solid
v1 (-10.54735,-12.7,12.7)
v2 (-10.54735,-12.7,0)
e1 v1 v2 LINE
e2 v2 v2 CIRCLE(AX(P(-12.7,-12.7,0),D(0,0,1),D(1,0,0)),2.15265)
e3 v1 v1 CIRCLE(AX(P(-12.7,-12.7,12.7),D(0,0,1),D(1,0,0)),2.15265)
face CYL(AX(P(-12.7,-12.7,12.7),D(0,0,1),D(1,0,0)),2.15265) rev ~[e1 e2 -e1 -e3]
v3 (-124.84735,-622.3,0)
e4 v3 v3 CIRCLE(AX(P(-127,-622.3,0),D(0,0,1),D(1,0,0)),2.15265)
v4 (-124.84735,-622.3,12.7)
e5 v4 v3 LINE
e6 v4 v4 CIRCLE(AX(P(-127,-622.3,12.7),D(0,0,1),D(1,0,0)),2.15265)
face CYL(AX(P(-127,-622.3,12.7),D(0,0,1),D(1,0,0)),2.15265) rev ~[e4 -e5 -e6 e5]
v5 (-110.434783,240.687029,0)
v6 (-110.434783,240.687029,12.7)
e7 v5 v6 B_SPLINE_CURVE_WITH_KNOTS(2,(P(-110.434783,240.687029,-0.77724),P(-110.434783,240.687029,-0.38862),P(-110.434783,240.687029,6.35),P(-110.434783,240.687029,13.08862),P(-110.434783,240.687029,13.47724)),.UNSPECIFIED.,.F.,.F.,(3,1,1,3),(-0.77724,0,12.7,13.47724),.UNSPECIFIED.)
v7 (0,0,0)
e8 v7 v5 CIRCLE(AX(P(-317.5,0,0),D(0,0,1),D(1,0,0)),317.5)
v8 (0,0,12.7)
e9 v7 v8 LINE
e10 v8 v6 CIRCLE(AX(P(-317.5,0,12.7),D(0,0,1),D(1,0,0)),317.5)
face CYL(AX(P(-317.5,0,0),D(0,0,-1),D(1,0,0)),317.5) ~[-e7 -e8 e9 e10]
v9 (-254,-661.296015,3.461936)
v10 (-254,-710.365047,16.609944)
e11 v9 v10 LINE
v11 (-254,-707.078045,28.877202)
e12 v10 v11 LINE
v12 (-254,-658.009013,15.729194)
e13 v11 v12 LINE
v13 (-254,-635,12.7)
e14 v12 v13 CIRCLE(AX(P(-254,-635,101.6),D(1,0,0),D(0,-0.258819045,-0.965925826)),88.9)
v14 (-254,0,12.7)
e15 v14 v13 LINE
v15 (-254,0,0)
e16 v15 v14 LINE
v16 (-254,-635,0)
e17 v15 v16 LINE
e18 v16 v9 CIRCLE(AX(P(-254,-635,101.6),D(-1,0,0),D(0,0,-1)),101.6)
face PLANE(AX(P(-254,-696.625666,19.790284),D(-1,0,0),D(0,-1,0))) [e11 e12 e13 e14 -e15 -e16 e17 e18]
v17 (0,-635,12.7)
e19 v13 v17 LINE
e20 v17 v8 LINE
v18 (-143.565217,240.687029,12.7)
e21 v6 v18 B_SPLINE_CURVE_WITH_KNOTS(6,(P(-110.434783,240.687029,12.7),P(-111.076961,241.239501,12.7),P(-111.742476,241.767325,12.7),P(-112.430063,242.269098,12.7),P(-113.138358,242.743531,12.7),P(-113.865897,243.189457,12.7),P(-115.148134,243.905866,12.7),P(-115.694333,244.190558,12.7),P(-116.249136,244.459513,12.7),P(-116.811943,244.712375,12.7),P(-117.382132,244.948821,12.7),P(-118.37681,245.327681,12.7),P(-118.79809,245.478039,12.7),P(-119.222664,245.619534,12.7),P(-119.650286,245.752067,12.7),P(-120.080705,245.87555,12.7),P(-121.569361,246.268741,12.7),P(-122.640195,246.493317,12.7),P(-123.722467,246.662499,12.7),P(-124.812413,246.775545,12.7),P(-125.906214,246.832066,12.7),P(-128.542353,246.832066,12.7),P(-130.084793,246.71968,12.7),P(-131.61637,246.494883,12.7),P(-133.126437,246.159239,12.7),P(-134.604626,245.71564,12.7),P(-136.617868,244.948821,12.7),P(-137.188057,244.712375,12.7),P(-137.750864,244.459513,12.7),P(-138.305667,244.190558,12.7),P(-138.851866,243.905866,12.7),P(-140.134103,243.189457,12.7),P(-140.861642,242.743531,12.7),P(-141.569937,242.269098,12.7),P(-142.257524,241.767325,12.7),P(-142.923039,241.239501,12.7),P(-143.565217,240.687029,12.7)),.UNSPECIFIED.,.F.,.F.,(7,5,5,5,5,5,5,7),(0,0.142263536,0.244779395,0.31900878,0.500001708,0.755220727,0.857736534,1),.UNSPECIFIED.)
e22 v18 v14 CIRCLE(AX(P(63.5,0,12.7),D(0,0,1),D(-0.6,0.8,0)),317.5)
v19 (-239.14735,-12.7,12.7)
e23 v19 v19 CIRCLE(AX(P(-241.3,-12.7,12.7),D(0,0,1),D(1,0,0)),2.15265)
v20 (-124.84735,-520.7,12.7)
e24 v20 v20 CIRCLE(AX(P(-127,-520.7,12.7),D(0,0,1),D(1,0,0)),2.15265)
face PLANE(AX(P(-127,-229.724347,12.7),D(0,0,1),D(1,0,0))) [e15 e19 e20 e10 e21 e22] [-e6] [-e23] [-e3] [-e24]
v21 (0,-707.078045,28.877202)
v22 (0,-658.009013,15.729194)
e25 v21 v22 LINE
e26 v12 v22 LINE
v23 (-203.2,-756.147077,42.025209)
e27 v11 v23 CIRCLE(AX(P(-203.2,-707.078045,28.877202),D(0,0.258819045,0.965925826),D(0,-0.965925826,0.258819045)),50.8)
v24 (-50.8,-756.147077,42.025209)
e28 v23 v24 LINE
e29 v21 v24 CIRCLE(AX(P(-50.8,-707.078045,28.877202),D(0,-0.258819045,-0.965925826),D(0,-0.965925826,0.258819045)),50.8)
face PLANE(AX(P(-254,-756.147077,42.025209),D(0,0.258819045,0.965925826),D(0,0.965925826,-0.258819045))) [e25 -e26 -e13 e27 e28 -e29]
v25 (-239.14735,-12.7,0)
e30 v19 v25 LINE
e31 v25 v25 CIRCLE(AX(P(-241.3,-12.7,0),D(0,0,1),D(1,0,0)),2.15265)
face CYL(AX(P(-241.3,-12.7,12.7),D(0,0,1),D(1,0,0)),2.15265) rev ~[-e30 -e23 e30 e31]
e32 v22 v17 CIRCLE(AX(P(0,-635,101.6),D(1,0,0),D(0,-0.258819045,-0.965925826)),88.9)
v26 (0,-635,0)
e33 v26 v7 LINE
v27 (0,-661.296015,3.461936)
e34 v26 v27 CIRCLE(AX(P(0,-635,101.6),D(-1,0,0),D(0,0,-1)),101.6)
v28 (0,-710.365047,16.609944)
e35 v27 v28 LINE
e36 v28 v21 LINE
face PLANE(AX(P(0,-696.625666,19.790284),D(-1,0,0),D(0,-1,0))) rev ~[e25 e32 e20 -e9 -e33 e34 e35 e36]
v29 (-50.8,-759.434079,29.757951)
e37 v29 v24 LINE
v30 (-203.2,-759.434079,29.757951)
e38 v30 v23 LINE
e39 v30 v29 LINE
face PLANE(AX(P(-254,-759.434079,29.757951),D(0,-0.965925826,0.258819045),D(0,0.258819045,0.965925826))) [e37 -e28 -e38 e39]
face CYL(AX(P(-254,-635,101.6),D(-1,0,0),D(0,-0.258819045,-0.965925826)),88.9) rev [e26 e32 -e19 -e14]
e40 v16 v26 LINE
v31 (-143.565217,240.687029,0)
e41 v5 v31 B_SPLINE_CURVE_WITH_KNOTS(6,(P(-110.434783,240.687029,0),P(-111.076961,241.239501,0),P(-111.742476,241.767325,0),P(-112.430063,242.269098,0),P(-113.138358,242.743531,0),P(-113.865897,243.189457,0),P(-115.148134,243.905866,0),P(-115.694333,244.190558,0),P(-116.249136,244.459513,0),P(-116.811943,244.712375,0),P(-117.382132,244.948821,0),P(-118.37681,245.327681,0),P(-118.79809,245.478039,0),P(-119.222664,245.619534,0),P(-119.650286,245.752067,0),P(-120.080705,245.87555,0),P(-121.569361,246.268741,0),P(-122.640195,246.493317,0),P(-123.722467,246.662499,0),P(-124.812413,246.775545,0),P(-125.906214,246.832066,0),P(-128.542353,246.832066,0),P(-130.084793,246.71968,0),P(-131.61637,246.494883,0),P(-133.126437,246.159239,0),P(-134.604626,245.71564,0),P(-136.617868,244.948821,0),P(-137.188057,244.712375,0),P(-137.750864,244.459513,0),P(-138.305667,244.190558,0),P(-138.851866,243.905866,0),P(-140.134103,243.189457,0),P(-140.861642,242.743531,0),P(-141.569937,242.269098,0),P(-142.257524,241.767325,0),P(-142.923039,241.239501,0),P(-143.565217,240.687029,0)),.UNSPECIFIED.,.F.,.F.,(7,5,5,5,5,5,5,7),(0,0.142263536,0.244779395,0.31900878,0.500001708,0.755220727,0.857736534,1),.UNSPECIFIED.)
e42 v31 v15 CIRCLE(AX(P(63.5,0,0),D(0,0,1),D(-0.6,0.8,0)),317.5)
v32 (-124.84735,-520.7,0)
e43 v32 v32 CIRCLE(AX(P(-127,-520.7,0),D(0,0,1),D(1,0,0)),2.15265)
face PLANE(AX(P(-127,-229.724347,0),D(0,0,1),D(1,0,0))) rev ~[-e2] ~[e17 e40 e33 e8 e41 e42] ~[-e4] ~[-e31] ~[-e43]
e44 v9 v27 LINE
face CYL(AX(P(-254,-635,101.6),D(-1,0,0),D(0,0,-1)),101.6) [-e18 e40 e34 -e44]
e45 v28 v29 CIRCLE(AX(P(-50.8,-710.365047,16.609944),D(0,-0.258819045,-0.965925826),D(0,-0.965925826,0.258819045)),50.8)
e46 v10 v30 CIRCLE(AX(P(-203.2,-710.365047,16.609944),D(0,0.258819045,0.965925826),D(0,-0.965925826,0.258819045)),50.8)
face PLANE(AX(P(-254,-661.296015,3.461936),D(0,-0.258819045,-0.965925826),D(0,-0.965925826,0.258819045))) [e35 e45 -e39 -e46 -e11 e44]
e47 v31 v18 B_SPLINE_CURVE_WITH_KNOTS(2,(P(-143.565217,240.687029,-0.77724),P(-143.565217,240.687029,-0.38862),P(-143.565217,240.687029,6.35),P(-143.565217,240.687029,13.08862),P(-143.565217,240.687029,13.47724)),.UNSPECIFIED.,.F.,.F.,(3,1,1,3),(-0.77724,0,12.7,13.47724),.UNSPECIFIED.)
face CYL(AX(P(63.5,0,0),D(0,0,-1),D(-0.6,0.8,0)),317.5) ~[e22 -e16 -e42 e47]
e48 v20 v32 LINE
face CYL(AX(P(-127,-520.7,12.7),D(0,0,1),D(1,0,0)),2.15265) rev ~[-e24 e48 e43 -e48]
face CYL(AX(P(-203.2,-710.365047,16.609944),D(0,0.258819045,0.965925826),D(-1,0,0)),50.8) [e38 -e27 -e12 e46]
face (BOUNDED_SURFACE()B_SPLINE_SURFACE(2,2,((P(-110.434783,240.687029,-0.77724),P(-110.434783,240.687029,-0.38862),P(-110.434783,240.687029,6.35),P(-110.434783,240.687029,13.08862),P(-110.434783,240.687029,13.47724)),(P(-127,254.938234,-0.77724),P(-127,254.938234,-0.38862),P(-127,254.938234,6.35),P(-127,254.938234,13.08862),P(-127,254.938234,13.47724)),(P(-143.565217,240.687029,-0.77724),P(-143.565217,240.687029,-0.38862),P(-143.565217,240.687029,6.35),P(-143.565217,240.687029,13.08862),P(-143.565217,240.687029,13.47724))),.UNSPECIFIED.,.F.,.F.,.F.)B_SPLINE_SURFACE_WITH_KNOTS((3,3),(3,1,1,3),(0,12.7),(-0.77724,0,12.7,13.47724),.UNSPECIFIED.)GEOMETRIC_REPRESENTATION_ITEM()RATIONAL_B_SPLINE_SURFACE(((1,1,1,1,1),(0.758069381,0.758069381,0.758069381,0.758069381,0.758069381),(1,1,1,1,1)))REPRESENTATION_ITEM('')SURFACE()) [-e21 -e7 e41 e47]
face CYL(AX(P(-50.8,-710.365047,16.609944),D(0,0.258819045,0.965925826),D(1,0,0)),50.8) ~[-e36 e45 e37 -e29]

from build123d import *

# Parameters (mm, degrees)
F1_DEPTH = 12.7
F2_R     = 25.4
F4_DEPTH = 254
F5_R     = 50.8
F6_R     = 2.15265
F7_DEPTH = 12.7


with BuildPart() as f1:
    # F0 (on Top) → F1 (new body)
    with BuildSketch(Plane.XY):
        with BuildLine():
            Line((-254, -635), (0, -635))
            Line((0, -635), (0, 0))
            ThreePointArc((0, 0), (-33.5193668575, 141.9903165712), (-127, 254))
            ThreePointArc((-127, 254), (-220.4806331425, 141.9903165712), (-254, 0))
            Line((-254, 0), (-254, -635))
        make_face()
    extrude(amount=F1_DEPTH)

    # F2
    f2_edges = [f1.edges().sort_by_distance(p)[0] for p in [
        (-127, 254, 6.35),
    ]]
    fillet(f2_edges, radius=F2_R)

    # F3 (on face) → F4 (join, through all)
    with BuildSketch(Plane(origin=(-254, 0, 0), x_dir=(0, -1, 0), z_dir=(-1, 0, 0))):
        with BuildLine():
            ThreePointArc((658.0090131096, 15.7291940429), (646.6037784884, 13.4605518239), (635, 12.7))
            Line((635, 12.7), (635, 0))
            ThreePointArc((635, 0), (648.2614611296, 0.8692020844), (661.2960149824, 3.461936049))
            Line((661.2960149824, 3.461936049), (759.4340789334, 29.7579510314))
            Line((759.4340789334, 29.7579510314), (756.1470770606, 42.0252090253))
            Line((756.1470770606, 42.0252090253), (658.0090131096, 15.7291940429))
        make_face()
    extrude(amount=-F4_DEPTH)

    # F5
    f5_edges = [f1.edges().sort_by_distance(p)[0] for p in [
        (0, -757.790578, 35.89158),
        (-254, -757.790578, 35.89158),
    ]]
    fillet(f5_edges, radius=F5_R)

    # F6 (on face) → F7 (cut, through all)
    with BuildSketch(Plane.XY.offset(12.7)):
        with Locations((-127, -520.7)):
            Circle(F6_R)
        with Locations((-127, -622.3)):
            Circle(F6_R)
        with Locations((-241.3, -12.7)):
            Circle(F6_R)
        with Locations((-12.7, -12.7)):
            Circle(F6_R)
    extrude(amount=-F7_DEPTH, mode=Mode.SUBTRACT)


solid = f1.part
